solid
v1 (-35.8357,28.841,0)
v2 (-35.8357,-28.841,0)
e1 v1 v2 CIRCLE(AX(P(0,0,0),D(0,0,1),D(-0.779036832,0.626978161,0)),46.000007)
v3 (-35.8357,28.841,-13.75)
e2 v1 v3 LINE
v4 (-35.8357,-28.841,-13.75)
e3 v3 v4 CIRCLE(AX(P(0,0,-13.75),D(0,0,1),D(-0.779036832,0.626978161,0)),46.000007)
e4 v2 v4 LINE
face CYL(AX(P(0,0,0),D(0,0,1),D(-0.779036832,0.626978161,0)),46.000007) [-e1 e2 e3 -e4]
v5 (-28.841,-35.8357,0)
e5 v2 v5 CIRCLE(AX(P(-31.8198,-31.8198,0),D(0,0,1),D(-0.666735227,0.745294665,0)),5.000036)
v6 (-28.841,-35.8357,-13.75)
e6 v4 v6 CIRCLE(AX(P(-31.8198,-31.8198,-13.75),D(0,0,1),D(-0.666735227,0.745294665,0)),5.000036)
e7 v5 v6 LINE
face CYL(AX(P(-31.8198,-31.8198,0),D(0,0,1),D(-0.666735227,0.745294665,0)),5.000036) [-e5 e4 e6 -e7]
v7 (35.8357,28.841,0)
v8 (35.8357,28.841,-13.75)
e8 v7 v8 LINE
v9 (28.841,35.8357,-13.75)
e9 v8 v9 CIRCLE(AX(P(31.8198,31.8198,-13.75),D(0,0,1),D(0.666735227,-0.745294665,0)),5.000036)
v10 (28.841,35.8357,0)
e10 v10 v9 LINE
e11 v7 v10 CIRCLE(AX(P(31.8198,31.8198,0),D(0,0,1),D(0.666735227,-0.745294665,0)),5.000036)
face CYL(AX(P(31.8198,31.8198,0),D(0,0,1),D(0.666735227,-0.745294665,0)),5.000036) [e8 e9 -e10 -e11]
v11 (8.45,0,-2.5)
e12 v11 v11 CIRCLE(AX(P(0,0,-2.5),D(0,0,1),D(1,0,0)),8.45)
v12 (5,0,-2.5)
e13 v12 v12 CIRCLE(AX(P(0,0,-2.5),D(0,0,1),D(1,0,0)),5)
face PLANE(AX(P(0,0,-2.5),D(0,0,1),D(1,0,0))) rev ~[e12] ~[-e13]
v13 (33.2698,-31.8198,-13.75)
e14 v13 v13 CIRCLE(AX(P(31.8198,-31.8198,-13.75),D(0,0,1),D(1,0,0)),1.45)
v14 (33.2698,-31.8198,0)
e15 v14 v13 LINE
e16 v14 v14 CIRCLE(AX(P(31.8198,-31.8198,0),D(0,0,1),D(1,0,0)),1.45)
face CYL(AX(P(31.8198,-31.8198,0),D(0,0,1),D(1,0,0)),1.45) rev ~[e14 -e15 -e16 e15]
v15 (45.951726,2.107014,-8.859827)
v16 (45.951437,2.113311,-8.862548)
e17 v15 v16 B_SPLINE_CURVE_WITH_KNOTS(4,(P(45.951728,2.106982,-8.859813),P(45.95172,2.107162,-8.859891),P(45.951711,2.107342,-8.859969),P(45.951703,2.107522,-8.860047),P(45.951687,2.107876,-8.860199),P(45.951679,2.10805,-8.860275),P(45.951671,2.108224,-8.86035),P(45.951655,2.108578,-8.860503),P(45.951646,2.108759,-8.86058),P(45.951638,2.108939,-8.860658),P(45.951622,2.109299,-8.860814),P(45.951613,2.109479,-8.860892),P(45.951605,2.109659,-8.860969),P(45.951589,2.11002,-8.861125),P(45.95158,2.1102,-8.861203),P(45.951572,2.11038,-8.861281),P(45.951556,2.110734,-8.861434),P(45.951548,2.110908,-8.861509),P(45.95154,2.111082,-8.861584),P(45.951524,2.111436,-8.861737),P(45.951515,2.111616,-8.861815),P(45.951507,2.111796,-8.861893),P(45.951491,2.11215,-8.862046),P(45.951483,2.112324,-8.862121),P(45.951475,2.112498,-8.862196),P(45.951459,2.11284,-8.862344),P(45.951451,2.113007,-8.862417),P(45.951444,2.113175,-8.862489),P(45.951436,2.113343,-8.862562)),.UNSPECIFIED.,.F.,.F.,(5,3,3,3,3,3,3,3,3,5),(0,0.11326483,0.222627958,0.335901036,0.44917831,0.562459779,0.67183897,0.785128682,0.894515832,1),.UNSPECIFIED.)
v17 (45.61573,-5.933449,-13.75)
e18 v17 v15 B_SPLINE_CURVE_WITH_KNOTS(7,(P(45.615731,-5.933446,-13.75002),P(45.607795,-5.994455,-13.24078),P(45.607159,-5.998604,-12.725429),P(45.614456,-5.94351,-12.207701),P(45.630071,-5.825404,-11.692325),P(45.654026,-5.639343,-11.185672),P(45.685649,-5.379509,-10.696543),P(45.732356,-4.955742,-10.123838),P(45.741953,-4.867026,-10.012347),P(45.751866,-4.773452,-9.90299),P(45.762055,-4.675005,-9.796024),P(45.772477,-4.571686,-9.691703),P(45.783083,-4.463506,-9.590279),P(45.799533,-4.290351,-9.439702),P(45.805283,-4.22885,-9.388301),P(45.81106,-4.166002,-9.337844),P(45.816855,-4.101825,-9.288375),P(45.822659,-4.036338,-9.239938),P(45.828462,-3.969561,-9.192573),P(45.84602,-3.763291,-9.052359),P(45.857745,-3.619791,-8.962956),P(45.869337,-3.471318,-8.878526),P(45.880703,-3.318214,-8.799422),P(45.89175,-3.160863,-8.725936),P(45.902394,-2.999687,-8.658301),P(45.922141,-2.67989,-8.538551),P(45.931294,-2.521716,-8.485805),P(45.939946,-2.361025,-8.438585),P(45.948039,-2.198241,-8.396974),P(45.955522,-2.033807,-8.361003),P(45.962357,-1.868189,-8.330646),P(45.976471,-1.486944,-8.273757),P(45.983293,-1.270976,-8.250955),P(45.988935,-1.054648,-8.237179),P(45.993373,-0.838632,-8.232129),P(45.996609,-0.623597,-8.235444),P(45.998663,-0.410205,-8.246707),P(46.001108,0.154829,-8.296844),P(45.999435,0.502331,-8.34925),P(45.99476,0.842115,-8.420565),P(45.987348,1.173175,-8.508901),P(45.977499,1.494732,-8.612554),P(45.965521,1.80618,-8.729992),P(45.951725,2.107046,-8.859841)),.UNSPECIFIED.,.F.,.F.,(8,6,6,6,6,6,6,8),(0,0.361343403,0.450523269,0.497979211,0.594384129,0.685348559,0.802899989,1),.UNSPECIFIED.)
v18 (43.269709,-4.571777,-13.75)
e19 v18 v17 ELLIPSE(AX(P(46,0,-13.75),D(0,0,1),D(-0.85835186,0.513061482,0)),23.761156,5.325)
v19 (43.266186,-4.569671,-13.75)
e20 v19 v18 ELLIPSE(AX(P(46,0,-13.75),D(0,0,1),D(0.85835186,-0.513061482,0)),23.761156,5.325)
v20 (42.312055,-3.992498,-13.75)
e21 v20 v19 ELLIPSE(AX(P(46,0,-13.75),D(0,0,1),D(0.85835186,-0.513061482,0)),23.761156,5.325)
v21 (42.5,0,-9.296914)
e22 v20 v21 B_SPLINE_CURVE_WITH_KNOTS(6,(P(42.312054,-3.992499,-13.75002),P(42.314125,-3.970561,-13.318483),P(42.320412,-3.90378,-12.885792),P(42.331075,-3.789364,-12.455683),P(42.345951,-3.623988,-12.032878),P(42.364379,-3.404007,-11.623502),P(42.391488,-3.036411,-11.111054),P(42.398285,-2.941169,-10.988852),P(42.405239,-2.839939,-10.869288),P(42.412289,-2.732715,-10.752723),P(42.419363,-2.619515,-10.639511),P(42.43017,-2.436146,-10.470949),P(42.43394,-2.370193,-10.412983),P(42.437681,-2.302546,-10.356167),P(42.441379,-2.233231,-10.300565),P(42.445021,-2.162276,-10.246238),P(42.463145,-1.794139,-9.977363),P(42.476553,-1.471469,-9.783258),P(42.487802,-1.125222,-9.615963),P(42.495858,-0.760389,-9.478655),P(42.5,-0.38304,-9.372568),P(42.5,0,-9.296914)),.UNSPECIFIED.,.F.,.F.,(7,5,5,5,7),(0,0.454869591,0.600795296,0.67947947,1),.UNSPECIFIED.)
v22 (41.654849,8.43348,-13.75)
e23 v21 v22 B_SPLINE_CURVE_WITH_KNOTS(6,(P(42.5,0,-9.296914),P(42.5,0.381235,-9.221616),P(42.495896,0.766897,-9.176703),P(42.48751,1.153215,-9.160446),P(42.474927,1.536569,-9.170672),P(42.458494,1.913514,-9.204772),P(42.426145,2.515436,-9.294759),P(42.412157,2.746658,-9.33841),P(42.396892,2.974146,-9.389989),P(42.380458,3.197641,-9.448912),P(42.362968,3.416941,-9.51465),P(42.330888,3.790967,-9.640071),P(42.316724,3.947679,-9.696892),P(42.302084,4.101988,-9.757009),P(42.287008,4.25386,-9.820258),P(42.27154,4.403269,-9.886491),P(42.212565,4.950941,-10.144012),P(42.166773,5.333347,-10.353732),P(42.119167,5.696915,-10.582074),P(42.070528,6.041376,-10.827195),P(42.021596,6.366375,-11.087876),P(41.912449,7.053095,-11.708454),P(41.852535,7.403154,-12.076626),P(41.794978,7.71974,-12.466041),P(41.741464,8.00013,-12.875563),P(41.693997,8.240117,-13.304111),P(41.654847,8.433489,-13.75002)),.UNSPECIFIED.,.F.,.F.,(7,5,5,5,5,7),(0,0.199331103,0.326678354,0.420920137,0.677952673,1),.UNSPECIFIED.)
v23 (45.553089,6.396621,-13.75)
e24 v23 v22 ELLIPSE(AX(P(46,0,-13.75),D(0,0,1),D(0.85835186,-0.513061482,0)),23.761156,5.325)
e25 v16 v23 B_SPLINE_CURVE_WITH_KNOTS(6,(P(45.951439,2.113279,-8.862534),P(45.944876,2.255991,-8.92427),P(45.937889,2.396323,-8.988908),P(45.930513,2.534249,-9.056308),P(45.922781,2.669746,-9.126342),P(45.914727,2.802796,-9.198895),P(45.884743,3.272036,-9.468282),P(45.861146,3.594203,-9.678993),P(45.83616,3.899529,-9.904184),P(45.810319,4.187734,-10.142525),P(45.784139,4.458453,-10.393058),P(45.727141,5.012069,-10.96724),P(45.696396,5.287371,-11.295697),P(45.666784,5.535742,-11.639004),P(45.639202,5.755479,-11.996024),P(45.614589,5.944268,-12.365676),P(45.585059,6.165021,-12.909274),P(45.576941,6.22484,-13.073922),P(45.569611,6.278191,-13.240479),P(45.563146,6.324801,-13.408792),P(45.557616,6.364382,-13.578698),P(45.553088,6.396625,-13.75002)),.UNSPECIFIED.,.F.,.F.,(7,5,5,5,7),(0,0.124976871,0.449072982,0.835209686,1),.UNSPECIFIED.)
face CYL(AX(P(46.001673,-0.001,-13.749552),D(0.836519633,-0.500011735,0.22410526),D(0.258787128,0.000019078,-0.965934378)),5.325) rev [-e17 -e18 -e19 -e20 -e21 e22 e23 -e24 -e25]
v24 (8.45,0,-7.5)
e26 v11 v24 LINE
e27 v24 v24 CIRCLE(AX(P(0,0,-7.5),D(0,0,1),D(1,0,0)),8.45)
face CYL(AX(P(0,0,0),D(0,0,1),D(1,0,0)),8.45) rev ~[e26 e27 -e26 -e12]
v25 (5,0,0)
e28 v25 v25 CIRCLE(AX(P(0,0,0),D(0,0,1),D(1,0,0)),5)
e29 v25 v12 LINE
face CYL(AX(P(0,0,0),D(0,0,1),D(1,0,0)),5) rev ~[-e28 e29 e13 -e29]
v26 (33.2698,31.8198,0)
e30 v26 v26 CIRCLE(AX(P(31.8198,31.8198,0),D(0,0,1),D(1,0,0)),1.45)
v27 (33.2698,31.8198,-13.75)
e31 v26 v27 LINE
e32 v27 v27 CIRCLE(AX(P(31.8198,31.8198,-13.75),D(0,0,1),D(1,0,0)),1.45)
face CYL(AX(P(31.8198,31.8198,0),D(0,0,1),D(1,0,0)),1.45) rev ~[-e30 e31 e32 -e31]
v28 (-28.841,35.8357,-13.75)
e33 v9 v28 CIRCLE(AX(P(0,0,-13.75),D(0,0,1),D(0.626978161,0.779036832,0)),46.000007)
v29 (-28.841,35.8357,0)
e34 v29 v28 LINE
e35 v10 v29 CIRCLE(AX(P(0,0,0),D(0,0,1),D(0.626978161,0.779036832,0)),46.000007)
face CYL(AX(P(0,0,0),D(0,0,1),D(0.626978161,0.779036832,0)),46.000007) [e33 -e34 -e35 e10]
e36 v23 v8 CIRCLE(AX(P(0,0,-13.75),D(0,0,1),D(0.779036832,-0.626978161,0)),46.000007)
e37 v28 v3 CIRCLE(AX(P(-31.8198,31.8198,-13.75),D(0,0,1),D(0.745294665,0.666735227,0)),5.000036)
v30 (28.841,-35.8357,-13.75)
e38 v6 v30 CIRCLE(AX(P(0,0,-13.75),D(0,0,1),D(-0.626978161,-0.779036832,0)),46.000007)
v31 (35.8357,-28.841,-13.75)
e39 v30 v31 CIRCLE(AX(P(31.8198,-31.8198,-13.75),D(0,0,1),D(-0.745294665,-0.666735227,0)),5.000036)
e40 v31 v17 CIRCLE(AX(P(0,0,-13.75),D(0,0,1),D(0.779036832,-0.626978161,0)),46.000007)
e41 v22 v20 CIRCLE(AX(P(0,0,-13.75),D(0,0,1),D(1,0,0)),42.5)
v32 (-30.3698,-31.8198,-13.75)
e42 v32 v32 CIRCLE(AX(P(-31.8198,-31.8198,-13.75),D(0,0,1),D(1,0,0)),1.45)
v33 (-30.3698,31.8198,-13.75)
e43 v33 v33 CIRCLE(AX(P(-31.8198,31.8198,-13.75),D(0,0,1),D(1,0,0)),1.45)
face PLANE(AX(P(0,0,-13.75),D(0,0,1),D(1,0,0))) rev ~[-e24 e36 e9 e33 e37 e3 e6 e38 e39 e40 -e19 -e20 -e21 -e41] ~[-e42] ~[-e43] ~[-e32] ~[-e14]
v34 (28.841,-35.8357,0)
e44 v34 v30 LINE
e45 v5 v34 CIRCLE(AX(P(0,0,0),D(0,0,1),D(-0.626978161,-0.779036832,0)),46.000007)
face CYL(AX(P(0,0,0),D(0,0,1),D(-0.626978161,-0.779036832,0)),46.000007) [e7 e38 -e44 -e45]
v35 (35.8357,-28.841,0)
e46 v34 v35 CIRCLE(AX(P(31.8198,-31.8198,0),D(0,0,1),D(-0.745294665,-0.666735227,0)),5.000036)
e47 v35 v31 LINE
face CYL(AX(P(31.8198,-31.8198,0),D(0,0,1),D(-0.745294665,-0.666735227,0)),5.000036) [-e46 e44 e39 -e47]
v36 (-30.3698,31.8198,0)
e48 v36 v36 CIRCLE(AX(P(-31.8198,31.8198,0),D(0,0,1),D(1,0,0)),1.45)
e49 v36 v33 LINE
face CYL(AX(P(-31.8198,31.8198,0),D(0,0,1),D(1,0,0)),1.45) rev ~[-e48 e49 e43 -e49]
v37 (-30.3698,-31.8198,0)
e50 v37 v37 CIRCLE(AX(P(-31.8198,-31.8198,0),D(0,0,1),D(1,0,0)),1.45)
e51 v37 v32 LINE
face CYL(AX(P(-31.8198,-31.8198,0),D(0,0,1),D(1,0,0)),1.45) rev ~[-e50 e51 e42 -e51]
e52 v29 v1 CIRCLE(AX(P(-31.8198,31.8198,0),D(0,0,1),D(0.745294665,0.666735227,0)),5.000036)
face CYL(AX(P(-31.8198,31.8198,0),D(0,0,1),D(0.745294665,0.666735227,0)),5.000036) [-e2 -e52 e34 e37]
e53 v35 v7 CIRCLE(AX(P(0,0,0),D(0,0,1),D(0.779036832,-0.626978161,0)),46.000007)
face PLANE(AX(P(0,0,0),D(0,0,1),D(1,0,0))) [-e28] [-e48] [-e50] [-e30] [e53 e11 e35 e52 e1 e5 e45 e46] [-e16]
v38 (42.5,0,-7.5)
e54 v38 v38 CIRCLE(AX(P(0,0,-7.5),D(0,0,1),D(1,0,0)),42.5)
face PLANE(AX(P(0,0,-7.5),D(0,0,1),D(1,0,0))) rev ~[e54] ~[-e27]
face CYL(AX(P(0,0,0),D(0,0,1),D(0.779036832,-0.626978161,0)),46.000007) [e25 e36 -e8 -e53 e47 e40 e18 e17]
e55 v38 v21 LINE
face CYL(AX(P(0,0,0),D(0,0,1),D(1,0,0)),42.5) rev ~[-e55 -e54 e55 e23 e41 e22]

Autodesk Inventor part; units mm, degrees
ref_plane "YZ Plane" through (0, 0, 0) normal (1, 0, 0) x (0, 1, 0)
ref_plane "XZ Plane" through (0, 0, 0) normal (0, 1, 0) x (-1, 0, 0)
sketch "Sketch1" plane through (0, 0, 0) normal (0, 0, 1) x (1, 0, 0)
  circle A0 centre (0, 0) radius 5
  circle A1 centre (0, 0) radius 8.45
  arc A2 (-35.8357, 28.841) -> (-35.8357, -28.841) centre (0, 0) ccw
  arc A3 (-28.841, -35.8357) -> (28.841, -35.8357) centre (0, 0) ccw
  circle A4 centre (0, 0) radius 42.5
  circle A5 centre (0, 0) radius 45 construction
  arc A6 (28.0933, -35.1535) -> (35.1535, -28.0933) centre (31.8198, -31.8198) ccw
  circle A7 centre (31.8198, -31.8198) radius 1.45
  arc A8 (35.8357, -28.841) -> (35.8357, 28.841) centre (0, 0) ccw
  circle A9 centre (-31.8198, -31.8198) radius 1.45
  arc A10 (-35.1535, -28.0933) -> (-28.0933, -35.1535) centre (-31.8198, -31.8198) ccw
  circle A11 centre (-31.8198, 31.8198) radius 1.45
  arc A12 (-28.0933, 35.1535) -> (-35.1535, 28.0933) centre (-31.8198, 31.8198) ccw
  line L0 (-31.8198, 31.8198) -> (31.8198, 31.8198) construction
  arc A13 (28.841, 35.8357) -> (-28.841, 35.8357) centre (0, 0) ccw
  circle A14 centre (31.8198, 31.8198) radius 1.45
  arc A15 (35.1535, 28.0933) -> (28.0933, 35.1535) centre (31.8198, 31.8198) ccw
  point P0 (0, -46)
  point P1 (0, 46)
  dimension "d2" = 10
  dimension "d3" = 16.9
  dimension "d4" = 85
  dimension "d5" = 90
  dimension "d6" = 2.9
  dimension "d7" = 5
  dimension "d8" = 360
  dimension "d9" = 92
extrude "Extrusion1" add sketch "Sketch1" against normal blind 2.5 contours A1
extrude "Extrusion2" add sketch "Sketch1" against normal blind 7.5 contours A4
extrude "Extrusion3" add sketch "Sketch1" against normal blind 13.75 contours A12 A13 A15 A8 A6 A3 A10 A2
sketch "Sketch2" plane through (0, 0, -13.75) normal (0, 0, -1) x (-1, 0, 0)
  arc A0 (-35.8357, 28.841) -> (-35.8357, -28.841) centre (0, 0) ccw projected
  line L0 (-46, 0) -> (-46, -31.8198) construction
  point P0 (-31.8198, -31.8198)
ref_plane "Work Plane1" through (46, 0, -13.75) normal (-0.9659, 0, -0.2588) x (0, -1, 0)
sketch "Sketch3" plane through (46, 0, -13.75) normal (-0.9659, 0, -0.2588) x (0, -1, 0)
  line L0 (0, 0) -> (0, -10) construction
  point P0 (0, 11.9057)
  dimension "d21" = 10
ref_plane "Work Plane3" through (46, 0, -13.75) normal (-0.8365, 0.5, -0.2241) x (0.2588, 0, -0.9659)
sketch "Sketch5" plane through (46, 0, -13.75) normal (-0.8365, 0.5, -0.2241) x (0.2588, 0, -0.9659)
  circle A0 centre (0, 0) radius 5.325
  point P0 (-25.1872, 20.4369)
  dimension "d23" = 10.65
extrude "Extrusion5" cut sketch "Sketch5" along normal mid plane 20
properties part number "Case Part 2 - V2"
